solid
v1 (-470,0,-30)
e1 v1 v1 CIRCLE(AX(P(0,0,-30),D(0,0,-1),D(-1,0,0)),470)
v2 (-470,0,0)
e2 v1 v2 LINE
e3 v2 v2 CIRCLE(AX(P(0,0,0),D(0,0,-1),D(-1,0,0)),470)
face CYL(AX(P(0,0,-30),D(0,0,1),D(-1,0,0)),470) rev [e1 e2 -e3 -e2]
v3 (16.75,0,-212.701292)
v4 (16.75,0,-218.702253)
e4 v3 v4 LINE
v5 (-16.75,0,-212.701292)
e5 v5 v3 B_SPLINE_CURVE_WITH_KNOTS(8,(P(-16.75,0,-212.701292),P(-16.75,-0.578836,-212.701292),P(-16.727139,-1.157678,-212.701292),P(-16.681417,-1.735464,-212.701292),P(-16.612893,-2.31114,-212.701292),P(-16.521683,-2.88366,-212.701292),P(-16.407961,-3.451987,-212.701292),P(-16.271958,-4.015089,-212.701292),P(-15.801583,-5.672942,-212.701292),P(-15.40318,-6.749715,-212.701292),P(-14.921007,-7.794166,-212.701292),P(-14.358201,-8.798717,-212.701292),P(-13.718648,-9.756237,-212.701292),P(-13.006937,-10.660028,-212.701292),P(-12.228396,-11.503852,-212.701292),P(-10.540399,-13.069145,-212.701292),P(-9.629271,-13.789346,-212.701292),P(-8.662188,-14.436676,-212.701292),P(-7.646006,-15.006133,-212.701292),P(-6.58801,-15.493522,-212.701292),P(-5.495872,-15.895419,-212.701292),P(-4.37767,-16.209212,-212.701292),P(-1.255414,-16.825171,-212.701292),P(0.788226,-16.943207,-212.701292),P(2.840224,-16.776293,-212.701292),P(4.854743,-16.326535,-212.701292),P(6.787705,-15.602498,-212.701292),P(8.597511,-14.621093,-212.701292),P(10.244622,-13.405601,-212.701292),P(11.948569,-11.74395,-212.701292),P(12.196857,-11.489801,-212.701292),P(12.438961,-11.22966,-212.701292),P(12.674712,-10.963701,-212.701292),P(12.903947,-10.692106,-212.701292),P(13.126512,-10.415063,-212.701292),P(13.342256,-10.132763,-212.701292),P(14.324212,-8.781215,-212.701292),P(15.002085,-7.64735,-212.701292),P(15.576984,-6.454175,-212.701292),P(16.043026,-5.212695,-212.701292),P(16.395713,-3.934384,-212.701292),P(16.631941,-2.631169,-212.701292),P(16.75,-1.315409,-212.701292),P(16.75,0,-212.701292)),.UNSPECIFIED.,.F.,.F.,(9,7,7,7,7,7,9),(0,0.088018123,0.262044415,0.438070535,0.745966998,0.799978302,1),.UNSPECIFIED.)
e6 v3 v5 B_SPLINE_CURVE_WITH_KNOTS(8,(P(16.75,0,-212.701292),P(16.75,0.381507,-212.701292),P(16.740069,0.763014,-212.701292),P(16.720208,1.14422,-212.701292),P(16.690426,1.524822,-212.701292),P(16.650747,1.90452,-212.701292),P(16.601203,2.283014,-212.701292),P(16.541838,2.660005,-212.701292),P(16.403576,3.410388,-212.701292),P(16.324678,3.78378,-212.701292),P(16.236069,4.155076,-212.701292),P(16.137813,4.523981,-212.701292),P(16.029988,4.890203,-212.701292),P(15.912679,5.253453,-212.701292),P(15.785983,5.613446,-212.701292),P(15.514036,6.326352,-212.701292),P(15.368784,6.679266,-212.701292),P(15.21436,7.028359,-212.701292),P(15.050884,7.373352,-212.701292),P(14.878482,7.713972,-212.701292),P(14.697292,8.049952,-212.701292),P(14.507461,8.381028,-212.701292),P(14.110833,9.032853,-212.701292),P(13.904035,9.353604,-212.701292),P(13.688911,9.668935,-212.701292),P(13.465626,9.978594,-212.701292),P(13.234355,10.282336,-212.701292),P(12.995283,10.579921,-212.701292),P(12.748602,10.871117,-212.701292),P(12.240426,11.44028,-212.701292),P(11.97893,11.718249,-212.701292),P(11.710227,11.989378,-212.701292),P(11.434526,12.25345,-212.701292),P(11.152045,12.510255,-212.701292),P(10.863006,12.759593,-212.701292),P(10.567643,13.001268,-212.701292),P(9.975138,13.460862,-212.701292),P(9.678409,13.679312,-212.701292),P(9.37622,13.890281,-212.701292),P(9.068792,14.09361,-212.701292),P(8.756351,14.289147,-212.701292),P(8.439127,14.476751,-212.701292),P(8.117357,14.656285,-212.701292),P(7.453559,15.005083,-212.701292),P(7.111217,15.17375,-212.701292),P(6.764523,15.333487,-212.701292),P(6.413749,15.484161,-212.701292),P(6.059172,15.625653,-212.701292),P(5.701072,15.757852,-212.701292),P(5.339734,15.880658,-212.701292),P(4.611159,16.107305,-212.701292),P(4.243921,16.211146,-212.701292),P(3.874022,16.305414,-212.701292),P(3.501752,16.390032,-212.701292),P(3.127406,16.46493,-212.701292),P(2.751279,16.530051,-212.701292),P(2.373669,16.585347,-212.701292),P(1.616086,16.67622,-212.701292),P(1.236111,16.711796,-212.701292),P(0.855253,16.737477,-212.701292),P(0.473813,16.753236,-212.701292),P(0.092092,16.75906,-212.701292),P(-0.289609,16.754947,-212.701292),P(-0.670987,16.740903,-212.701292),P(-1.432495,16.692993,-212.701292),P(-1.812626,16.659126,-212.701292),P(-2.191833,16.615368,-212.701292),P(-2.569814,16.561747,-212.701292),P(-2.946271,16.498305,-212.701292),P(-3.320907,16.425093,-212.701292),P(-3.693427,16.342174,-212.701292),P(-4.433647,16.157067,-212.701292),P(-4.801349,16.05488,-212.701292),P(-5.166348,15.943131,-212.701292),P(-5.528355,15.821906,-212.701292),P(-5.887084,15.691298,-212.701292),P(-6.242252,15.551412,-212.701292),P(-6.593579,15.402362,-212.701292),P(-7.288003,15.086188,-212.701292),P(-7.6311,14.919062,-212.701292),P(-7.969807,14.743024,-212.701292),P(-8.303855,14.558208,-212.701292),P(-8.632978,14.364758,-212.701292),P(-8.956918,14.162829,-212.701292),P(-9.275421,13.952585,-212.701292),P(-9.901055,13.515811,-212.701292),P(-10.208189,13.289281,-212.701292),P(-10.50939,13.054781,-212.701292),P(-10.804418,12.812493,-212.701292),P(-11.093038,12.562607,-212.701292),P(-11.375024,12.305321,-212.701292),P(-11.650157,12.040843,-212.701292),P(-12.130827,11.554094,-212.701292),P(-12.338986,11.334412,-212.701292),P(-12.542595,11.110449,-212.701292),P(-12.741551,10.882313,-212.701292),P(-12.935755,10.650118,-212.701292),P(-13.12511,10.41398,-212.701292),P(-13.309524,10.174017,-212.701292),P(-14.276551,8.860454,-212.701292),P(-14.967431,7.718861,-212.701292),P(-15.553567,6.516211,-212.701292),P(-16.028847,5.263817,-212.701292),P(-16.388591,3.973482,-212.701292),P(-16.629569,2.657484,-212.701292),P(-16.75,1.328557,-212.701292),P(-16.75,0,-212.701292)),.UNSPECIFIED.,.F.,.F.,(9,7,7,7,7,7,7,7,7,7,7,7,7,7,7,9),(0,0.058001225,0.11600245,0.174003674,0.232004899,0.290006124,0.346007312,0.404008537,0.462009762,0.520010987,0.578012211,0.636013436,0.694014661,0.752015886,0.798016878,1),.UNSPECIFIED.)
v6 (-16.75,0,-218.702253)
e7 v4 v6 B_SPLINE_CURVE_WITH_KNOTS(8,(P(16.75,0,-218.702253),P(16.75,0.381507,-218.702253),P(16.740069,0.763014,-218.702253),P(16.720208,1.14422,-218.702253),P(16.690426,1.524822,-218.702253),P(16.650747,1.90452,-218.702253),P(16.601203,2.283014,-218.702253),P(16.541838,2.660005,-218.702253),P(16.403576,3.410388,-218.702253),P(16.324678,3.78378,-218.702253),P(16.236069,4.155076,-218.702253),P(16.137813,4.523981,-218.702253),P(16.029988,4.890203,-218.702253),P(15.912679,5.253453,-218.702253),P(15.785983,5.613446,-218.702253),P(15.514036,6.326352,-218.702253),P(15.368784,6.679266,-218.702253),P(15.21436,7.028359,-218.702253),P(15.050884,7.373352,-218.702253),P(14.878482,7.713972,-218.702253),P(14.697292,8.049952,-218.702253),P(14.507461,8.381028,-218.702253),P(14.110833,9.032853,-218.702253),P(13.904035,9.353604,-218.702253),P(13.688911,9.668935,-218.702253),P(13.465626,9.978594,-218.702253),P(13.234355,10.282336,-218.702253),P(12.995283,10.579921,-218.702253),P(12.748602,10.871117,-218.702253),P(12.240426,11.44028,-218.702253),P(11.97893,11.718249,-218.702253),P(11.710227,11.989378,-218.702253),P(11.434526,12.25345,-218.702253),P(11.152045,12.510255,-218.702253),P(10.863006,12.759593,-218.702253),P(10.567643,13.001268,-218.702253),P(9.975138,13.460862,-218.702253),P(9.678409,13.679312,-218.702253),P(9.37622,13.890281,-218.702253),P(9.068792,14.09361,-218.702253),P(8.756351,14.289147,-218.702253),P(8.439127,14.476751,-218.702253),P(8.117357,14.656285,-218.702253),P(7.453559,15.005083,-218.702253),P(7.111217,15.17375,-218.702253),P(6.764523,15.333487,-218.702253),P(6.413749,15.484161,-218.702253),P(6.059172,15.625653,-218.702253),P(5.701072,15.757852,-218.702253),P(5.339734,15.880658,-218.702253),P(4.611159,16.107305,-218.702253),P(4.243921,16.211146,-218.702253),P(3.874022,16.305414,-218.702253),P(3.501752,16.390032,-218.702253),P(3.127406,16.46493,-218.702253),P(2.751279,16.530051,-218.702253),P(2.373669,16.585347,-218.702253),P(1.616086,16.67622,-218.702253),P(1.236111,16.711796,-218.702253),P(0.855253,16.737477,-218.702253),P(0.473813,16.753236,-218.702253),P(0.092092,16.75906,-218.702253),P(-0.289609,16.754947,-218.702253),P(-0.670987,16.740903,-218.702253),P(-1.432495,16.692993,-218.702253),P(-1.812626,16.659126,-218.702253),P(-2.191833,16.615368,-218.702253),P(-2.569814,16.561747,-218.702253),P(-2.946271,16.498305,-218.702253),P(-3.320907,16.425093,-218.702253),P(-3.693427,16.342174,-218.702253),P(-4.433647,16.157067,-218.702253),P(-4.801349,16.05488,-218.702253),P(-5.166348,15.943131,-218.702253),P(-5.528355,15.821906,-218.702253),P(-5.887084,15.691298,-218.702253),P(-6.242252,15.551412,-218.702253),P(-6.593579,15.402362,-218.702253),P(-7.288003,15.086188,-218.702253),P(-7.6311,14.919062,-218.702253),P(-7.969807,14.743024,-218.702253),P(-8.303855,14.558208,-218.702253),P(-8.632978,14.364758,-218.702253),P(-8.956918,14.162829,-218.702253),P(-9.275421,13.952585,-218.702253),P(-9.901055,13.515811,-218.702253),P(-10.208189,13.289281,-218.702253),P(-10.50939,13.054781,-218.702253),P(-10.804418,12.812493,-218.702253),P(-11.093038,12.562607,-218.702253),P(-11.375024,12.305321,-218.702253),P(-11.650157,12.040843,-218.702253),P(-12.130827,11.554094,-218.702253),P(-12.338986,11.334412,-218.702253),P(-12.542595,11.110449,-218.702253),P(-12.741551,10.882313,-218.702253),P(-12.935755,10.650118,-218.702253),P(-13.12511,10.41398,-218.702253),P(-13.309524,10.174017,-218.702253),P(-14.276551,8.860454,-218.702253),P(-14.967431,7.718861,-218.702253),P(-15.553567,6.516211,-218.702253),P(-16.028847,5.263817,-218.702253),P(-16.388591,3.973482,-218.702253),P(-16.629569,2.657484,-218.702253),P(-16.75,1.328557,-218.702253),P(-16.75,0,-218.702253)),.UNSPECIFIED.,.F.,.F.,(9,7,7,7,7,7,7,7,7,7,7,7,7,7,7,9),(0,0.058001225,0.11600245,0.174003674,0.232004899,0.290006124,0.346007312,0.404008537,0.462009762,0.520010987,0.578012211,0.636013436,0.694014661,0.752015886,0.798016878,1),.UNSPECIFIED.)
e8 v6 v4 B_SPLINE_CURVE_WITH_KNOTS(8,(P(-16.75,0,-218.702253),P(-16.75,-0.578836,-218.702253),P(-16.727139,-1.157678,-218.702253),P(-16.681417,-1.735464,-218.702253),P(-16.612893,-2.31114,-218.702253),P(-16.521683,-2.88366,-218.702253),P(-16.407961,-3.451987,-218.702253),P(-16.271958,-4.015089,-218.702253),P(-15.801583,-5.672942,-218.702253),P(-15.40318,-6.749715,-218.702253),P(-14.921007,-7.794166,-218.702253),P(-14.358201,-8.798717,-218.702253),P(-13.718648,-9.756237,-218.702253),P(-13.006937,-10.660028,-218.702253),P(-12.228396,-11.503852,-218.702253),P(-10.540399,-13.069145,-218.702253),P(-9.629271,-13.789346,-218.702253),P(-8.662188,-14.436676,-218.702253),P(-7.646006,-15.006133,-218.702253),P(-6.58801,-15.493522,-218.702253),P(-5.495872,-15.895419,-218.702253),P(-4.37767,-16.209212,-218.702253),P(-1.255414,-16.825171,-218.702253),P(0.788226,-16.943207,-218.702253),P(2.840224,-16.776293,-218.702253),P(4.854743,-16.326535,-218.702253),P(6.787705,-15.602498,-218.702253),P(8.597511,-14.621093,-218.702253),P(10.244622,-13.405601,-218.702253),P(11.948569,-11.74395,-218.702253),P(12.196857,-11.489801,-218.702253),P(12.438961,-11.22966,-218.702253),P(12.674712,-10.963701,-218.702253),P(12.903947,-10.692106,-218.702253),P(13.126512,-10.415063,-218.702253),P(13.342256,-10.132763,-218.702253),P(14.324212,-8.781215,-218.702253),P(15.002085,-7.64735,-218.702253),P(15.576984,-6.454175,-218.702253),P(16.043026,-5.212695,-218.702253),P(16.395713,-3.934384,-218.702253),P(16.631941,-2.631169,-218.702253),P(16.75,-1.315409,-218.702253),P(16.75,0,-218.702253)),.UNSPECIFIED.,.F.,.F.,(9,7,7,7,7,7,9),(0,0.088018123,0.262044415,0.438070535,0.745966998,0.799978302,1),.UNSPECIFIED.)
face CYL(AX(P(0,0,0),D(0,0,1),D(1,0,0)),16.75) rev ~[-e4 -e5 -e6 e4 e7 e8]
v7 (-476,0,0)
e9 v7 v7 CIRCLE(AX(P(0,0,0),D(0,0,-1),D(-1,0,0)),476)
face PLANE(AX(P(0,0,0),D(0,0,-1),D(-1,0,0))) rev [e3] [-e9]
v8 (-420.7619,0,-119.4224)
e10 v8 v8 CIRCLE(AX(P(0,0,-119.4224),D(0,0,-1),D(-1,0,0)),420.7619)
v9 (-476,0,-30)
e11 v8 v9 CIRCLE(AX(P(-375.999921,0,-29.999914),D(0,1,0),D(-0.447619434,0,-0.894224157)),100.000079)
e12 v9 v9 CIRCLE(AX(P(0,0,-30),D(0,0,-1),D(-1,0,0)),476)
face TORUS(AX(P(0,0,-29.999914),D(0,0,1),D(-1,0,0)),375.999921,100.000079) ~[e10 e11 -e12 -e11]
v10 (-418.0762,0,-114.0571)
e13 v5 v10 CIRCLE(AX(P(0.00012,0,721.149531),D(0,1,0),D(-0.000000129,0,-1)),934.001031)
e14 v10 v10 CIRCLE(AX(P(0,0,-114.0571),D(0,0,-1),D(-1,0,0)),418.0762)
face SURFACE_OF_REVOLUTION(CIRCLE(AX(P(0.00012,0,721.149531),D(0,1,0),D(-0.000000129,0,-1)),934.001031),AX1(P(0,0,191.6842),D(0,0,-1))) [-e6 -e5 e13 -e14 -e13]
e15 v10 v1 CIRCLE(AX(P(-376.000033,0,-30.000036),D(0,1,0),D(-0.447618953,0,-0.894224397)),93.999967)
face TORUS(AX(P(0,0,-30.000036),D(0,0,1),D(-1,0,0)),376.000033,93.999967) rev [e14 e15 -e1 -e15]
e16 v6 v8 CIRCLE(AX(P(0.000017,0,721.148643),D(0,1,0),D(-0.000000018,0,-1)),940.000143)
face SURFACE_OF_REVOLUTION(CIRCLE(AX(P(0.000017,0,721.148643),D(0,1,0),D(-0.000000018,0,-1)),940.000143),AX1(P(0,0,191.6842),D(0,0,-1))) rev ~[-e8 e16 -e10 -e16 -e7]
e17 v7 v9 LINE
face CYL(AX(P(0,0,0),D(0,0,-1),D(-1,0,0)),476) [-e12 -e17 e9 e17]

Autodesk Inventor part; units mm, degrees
ref_plane "YZ Plane" through (0, 0, 0) normal (1, 0, 0) x (0, 1, 0)
ref_plane "XZ Plane" through (0, 0, 0) normal (0, 1, 0) x (-1, 0, 0)
ref_plane "XY Plane" through (0, 0, 0) normal (0, 0, 1) x (1, 0, 0)
sketch "Sketch1" plane through (0, 0, 0) normal (0, 1, 0) x (-1, 0, 0)
  line L0 (476, 0) -> (476, -30)
  arc A0 (420.7619, -119.4224) -> (476, -30) centre (376, -30) ccw
  arc A1 (0, -218.8515) -> (420.7619, -119.4224) centre (0, 721.1485) ccw
  line L1 (0, 191.6842) -> (0, -191.6842)
  arc A2 (0, -212.8515) -> (418.0762, -114.0571) centre (0, 721.1485) ccw
  arc A3 (418.0762, -114.0571) -> (470, -30) centre (376, -30) ccw
  line L2 (470, -30) -> (470, 0)
  line L3 (470, 0) -> (476, 0)
  line L4 (0, -212.8515) -> (0, -218.8515)
  point P0 (0, 0)
  point P1 (0, 0)
  point P2 (0, -215.8515)
  point P3 (0, -163.7009)
  point P4 (0, -169.7009)
  dimension "d0" = 100
  dimension "d1" = 30
  dimension "d3" = 940
  dimension "d6" = 6
  dimension "d11" = 940
  dimension "d12" = 218.8516
revolve "Revolution1" add sketch "Sketch1" angle 360 about axis through (0, 0, 191.6842) along (0, 0, -1)
sketch "Sketch2" plane through (0, 0, 0) normal (0, 0, 1) x (1, 0, 0)
  circle A0 centre (0, 0) radius 16.75
  dimension "d8" = 33.5
extrude "Extrusion1" cut sketch "Sketch2" against normal through all
equation "\"d3\" = d11"
equation "\"d11\" = MAIN_filter_diam"
equation "\"Disherd_head_hight\" = d12"
equation "\"MAIN_filter_diam\" = 940"
properties part number "PNS - 604 dished head D1000"
